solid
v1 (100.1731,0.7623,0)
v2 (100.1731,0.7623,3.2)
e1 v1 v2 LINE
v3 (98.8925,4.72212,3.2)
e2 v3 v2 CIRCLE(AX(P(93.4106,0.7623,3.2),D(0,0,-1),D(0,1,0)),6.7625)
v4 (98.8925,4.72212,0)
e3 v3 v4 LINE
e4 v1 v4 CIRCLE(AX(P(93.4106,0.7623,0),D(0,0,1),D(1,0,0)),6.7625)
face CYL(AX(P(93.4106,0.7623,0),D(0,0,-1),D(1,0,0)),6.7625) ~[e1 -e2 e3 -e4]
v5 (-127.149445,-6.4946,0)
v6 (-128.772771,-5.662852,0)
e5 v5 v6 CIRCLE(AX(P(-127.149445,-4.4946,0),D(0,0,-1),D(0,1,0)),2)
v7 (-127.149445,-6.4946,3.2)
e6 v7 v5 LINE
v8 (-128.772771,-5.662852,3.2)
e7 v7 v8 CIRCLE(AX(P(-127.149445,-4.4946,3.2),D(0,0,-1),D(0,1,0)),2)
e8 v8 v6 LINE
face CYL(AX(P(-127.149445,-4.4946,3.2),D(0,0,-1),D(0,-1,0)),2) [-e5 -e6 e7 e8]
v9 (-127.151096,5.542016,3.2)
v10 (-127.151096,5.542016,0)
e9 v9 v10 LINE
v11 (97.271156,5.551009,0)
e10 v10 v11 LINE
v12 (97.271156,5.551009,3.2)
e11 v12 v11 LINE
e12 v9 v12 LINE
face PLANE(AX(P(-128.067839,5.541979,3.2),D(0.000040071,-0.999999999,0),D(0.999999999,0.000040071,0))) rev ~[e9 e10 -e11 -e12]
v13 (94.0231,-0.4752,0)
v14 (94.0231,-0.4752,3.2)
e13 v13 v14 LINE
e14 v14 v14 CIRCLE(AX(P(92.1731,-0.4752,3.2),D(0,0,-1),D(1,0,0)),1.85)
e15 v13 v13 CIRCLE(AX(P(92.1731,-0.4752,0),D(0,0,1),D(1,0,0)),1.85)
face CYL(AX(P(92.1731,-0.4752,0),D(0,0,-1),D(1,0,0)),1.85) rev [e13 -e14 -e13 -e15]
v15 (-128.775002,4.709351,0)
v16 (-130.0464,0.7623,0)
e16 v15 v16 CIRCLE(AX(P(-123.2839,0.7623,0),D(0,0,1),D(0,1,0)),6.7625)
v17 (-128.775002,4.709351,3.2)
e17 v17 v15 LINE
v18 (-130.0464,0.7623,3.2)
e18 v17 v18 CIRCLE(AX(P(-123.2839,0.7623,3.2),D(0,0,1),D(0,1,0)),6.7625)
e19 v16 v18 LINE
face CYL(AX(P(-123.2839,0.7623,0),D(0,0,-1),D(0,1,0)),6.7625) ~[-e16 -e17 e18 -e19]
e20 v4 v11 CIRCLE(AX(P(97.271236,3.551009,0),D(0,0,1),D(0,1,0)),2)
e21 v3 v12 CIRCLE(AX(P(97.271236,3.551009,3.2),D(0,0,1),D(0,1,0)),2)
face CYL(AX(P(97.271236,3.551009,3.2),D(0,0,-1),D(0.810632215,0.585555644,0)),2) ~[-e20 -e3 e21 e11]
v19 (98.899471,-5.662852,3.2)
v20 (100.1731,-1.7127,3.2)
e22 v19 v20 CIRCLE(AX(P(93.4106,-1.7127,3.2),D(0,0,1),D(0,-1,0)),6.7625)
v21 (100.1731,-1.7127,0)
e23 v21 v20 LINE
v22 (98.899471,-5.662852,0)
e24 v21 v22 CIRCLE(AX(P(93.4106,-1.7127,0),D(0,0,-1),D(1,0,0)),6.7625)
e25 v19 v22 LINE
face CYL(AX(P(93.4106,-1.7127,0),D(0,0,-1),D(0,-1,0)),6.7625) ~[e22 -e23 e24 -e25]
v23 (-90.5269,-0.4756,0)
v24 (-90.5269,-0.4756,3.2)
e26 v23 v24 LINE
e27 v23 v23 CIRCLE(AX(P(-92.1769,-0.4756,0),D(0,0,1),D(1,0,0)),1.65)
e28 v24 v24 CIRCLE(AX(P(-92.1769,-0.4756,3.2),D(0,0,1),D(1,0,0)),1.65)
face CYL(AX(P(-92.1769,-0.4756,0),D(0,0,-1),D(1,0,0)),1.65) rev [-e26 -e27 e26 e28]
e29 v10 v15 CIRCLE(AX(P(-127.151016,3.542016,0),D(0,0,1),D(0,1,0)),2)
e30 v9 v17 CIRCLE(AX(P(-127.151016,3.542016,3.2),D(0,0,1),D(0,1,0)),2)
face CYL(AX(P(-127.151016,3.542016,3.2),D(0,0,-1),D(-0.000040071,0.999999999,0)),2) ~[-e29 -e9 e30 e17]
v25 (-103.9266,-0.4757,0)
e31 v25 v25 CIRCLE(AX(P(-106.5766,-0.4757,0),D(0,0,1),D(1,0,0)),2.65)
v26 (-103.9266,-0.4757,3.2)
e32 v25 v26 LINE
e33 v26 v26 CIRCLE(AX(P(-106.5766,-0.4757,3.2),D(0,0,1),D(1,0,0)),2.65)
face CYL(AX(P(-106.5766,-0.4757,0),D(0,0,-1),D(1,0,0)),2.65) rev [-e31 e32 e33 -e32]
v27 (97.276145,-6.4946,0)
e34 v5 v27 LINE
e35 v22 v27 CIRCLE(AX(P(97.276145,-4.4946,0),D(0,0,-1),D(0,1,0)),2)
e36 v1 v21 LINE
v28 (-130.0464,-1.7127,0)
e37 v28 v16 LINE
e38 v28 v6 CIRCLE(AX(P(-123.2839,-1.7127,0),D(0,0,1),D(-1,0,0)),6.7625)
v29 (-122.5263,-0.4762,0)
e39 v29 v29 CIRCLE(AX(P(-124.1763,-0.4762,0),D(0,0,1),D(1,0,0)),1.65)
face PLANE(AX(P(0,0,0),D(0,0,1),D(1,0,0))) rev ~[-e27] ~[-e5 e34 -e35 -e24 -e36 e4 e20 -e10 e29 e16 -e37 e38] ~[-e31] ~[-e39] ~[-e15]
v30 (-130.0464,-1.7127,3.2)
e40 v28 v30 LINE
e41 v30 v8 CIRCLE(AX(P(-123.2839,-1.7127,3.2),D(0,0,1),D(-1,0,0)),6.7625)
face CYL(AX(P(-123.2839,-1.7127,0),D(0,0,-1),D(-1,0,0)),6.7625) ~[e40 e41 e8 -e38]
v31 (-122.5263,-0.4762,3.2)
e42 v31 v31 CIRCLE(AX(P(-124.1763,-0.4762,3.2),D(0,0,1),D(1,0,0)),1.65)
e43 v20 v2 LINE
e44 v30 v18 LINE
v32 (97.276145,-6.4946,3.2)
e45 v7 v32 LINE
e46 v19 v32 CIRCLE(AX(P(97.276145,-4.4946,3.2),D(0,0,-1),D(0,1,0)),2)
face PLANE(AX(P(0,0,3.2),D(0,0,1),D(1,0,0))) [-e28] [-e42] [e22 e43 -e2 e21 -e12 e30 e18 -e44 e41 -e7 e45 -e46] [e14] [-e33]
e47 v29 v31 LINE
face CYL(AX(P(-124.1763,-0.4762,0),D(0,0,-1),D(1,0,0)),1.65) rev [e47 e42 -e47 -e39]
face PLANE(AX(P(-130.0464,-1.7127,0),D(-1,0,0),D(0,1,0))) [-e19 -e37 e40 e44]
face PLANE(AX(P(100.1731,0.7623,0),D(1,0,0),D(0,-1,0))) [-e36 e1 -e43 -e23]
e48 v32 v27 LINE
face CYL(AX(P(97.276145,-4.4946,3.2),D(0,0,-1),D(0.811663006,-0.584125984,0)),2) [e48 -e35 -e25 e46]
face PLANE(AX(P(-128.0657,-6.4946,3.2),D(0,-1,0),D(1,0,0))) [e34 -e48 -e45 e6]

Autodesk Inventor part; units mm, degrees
ref_plane "YZ Plane" through (0, 0, 0) normal (1, 0, 0) x (0, 1, 0)
ref_plane "XZ Plane" through (0, 0, 0) normal (0, 1, 0) x (-1, 0, 0)
ref_plane "XY Plane" through (0, 0, 0) normal (0, 0, 1) x (1, 0, 0)
sketch "Эскиз1" plane through (0, 0, 0) normal (0, 0, 1) x (1, 0, 0)
  arc A0 (130.1731, 0.7623) -> (123.4106, 7.5248) centre (123.4106, 0.7623) ccw
  line L0 (-123.2839, 7.5248) -> (123.4106, 7.5248)
  arc A1 (-123.2839, 7.5248) -> (-130.0464, 0.7623) centre (-123.2839, 0.7623) ccw
  line L1 (-130.0464, -1.7127) -> (-130.0464, 0.7623)
  arc A2 (-130.0464, -1.7127) -> (-123.2839, -8.4752) centre (-123.2839, -1.7127) ccw
  line L2 (123.4106, -8.4752) -> (-123.2839, -8.4752)
  arc A3 (123.4106, -8.4752) -> (130.1731, -1.7127) centre (123.4106, -1.7127) ccw
  line L3 (130.1731, 0.7623) -> (130.1731, -1.7127)
  circle A4 centre (122.1731, -0.4752) radius 1.85
  circle A5 centre (-124.1763, -0.4762) radius 1.65
  circle A6 centre (-106.5766, -0.4757) radius 2.65
  circle A7 centre (-92.1769, -0.4756) radius 1.65
  line L4 (-73.2645, 4.044) -> (-78.5234, -4.9714)
  arc A8 (-71.5369, 4.044) -> (-73.2645, 4.044) centre (-72.4007, 3.5401) ccw
  line L5 (-66.2779, -4.9714) -> (-71.5369, 4.044)
  arc A9 (-67.1417, -6.4752) -> (-66.2779, -4.9714) centre (-67.1417, -5.4752) ccw
  line L6 (-77.6596, -6.4752) -> (-67.1417, -6.4752)
  arc A10 (-78.5234, -4.9714) -> (-77.6596, -6.4752) centre (-77.6596, -5.4752) ccw
  line L7 (-57.8267, 5.5248) -> (-68.3446, 5.5248)
  arc A11 (-56.9629, 4.0209) -> (-57.8267, 5.5248) centre (-57.8267, 4.5248) ccw
  line L8 (-62.2219, -4.9945) -> (-56.9629, 4.0209)
  arc A12 (-63.9495, -4.9945) -> (-62.2219, -4.9945) centre (-63.0857, -4.4906) ccw
  line L9 (-69.2084, 4.0209) -> (-63.9495, -4.9945)
  arc A13 (-68.3446, 5.5248) -> (-69.2084, 4.0209) centre (-68.3446, 4.5248) ccw
  line L10 (-54.634, 4.044) -> (-59.893, -4.9714)
  arc A14 (-52.9065, 4.044) -> (-54.634, 4.044) centre (-53.7703, 3.5401) ccw
  line L11 (-47.6475, -4.9714) -> (-52.9065, 4.044)
  arc A15 (-48.5113, -6.4752) -> (-47.6475, -4.9714) centre (-48.5113, -5.4752) ccw
  line L12 (-59.0292, -6.4752) -> (-48.5113, -6.4752)
  arc A16 (-59.893, -4.9714) -> (-59.0292, -6.4752) centre (-59.0292, -5.4752) ccw
  line L13 (-39.1963, 5.5248) -> (-49.7142, 5.5248)
  arc A17 (-38.3325, 4.0209) -> (-39.1963, 5.5248) centre (-39.1963, 4.5248) ccw
  line L14 (-43.5915, -4.9945) -> (-38.3325, 4.0209)
  arc A18 (-45.319, -4.9945) -> (-43.5915, -4.9945) centre (-44.4553, -4.4906) ccw
  line L15 (-50.578, 4.0209) -> (-45.319, -4.9945)
  arc A19 (-49.7142, 5.5248) -> (-50.578, 4.0209) centre (-49.7142, 4.5248) ccw
  line L16 (-36.0036, 4.044) -> (-41.2626, -4.9714)
  arc A20 (-34.2761, 4.044) -> (-36.0036, 4.044) centre (-35.1399, 3.5401) ccw
  line L17 (-29.0171, -4.9714) -> (-34.2761, 4.044)
  arc A21 (-29.8809, -6.4752) -> (-29.0171, -4.9714) centre (-29.8809, -5.4752) ccw
  line L18 (-40.3988, -6.4752) -> (-29.8809, -6.4752)
  arc A22 (-41.2626, -4.9714) -> (-40.3988, -6.4752) centre (-40.3988, -5.4752) ccw
  line L19 (-20.5659, 5.5248) -> (-31.0838, 5.5248)
  arc A23 (-19.7021, 4.0209) -> (-20.5659, 5.5248) centre (-20.5659, 4.5248) ccw
  line L20 (-24.9611, -4.9945) -> (-19.7021, 4.0209)
  arc A24 (-26.6886, -4.9945) -> (-24.9611, -4.9945) centre (-25.8249, -4.4906) ccw
  line L21 (-31.9476, 4.0209) -> (-26.6886, -4.9945)
  arc A25 (-31.0838, 5.5248) -> (-31.9476, 4.0209) centre (-31.0838, 4.5248) ccw
  line L22 (-17.3732, 4.044) -> (-22.6322, -4.9714)
  arc A26 (-15.6457, 4.044) -> (-17.3732, 4.044) centre (-16.5095, 3.5401) ccw
  line L23 (-10.3867, -4.9714) -> (-15.6457, 4.044)
  arc A27 (-11.2505, -6.4752) -> (-10.3867, -4.9714) centre (-11.2505, -5.4752) ccw
  line L24 (-21.7684, -6.4752) -> (-11.2505, -6.4752)
  arc A28 (-22.6322, -4.9714) -> (-21.7684, -6.4752) centre (-21.7684, -5.4752) ccw
  line L25 (-1.9355, 5.5248) -> (-12.4534, 5.5248)
  arc A29 (-1.0717, 4.0209) -> (-1.9355, 5.5248) centre (-1.9355, 4.5248) ccw
  line L26 (-6.3307, -4.9945) -> (-1.0717, 4.0209)
  arc A30 (-8.0582, -4.9945) -> (-6.3307, -4.9945) centre (-7.1945, -4.4906) ccw
  line L27 (-13.3172, 4.0209) -> (-8.0582, -4.9945)
  arc A31 (-12.4534, 5.5248) -> (-13.3172, 4.0209) centre (-12.4534, 4.5248) ccw
  line L28 (113.0396, 4.044) -> (107.7807, -4.9714)
  arc A32 (114.7672, 4.044) -> (113.0396, 4.044) centre (113.9034, 3.5401) ccw
  line L29 (120.0261, -4.9714) -> (114.7672, 4.044)
  arc A33 (119.1624, -6.4752) -> (120.0261, -4.9714) centre (119.1624, -5.4752) ccw
  line L30 (108.6444, -6.4752) -> (119.1624, -6.4752)
  arc A34 (107.7807, -4.9714) -> (108.6444, -6.4752) centre (108.6444, -5.4752) ccw
  line L31 (1.2572, 4.044) -> (-4.0018, -4.9714)
  arc A35 (2.9847, 4.044) -> (1.2572, 4.044) centre (2.121, 3.5401) ccw
  line L32 (8.2437, -4.9714) -> (2.9847, 4.044)
  arc A36 (7.3799, -6.4752) -> (8.2437, -4.9714) centre (7.3799, -5.4752) ccw
  line L33 (-3.138, -6.4752) -> (7.3799, -6.4752)
  arc A37 (-4.0018, -4.9714) -> (-3.138, -6.4752) centre (-3.138, -5.4752) ccw
  line L34 (16.6949, 5.5248) -> (6.177, 5.5248)
  arc A38 (17.5587, 4.0209) -> (16.6949, 5.5248) centre (16.6949, 4.5248) ccw
  line L35 (12.2997, -4.9945) -> (17.5587, 4.0209)
  arc A39 (10.5722, -4.9945) -> (12.2997, -4.9945) centre (11.436, -4.4906) ccw
  line L36 (5.3132, 4.0209) -> (10.5722, -4.9945)
  arc A40 (6.177, 5.5248) -> (5.3132, 4.0209) centre (6.177, 4.5248) ccw
  line L37 (98.4652, 4.0209) -> (103.7242, -4.9945)
  arc A41 (99.329, 5.5248) -> (98.4652, 4.0209) centre (99.329, 4.5248) ccw
  line L38 (109.847, 5.5248) -> (99.329, 5.5248)
  arc A42 (110.7107, 4.0209) -> (109.847, 5.5248) centre (109.847, 4.5248) ccw
  line L39 (105.4518, -4.9945) -> (110.7107, 4.0209)
  arc A43 (103.7242, -4.9945) -> (105.4518, -4.9945) centre (104.588, -4.4906) ccw
  line L40 (94.4092, 4.044) -> (89.1502, -4.9714)
  arc A44 (96.1368, 4.044) -> (94.4092, 4.044) centre (95.273, 3.5401) ccw
  line L41 (101.3957, -4.9714) -> (96.1368, 4.044)
  arc A45 (100.532, -6.4752) -> (101.3957, -4.9714) centre (100.532, -5.4752) ccw
  line L42 (90.014, -6.4752) -> (100.532, -6.4752)
  arc A46 (89.1502, -4.9714) -> (90.014, -6.4752) centre (90.014, -5.4752) ccw
  line L43 (19.8876, 4.044) -> (14.6286, -4.9714)
  arc A47 (21.6151, 4.044) -> (19.8876, 4.044) centre (20.7514, 3.5401) ccw
  line L44 (26.8741, -4.9714) -> (21.6151, 4.044)
  arc A48 (26.0103, -6.4752) -> (26.8741, -4.9714) centre (26.0103, -5.4752) ccw
  line L45 (15.4924, -6.4752) -> (26.0103, -6.4752)
  arc A49 (14.6286, -4.9714) -> (15.4924, -6.4752) centre (15.4924, -5.4752) ccw
  line L46 (35.3253, 5.5248) -> (24.8074, 5.5248)
  arc A50 (36.1891, 4.0209) -> (35.3253, 5.5248) centre (35.3253, 4.5248) ccw
  line L47 (30.9301, -4.9945) -> (36.1891, 4.0209)
  arc A51 (29.2026, -4.9945) -> (30.9301, -4.9945) centre (30.0664, -4.4906) ccw
  line L48 (23.9436, 4.0209) -> (29.2026, -4.9945)
  arc A52 (24.8074, 5.5248) -> (23.9436, 4.0209) centre (24.8074, 4.5248) ccw
  line L49 (79.8348, 4.0209) -> (85.0938, -4.9945)
  arc A53 (80.6986, 5.5248) -> (79.8348, 4.0209) centre (80.6986, 4.5248) ccw
  line L50 (91.2165, 5.5248) -> (80.6986, 5.5248)
  arc A54 (92.0803, 4.0209) -> (91.2165, 5.5248) centre (91.2165, 4.5248) ccw
  line L51 (86.8214, -4.9945) -> (92.0803, 4.0209)
  arc A55 (85.0938, -4.9945) -> (86.8214, -4.9945) centre (85.9576, -4.4906) ccw
  line L52 (75.7788, 4.044) -> (70.5198, -4.9714)
  arc A56 (77.5064, 4.044) -> (75.7788, 4.044) centre (76.6426, 3.5401) ccw
  line L53 (82.7653, -4.9714) -> (77.5064, 4.044)
  arc A57 (81.9015, -6.4752) -> (82.7653, -4.9714) centre (81.9015, -5.4752) ccw
  line L54 (71.3836, -6.4752) -> (81.9015, -6.4752)
  arc A58 (70.5198, -4.9714) -> (71.3836, -6.4752) centre (71.3836, -5.4752) ccw
  line L55 (38.518, 4.044) -> (33.259, -4.9714)
  arc A59 (40.2455, 4.044) -> (38.518, 4.044) centre (39.3818, 3.5401) ccw
  line L56 (45.5045, -4.9714) -> (40.2455, 4.044)
  arc A60 (44.6407, -6.4752) -> (45.5045, -4.9714) centre (44.6407, -5.4752) ccw
  line L57 (34.1228, -6.4752) -> (44.6407, -6.4752)
  arc A61 (33.259, -4.9714) -> (34.1228, -6.4752) centre (34.1228, -5.4752) ccw
  line L58 (53.9557, 5.5248) -> (43.4378, 5.5248)
  arc A62 (54.8195, 4.0209) -> (53.9557, 5.5248) centre (53.9557, 4.5248) ccw
  line L59 (49.5605, -4.9945) -> (54.8195, 4.0209)
  arc A63 (47.833, -4.9945) -> (49.5605, -4.9945) centre (48.6968, -4.4906) ccw
  line L60 (42.574, 4.0209) -> (47.833, -4.9945)
  arc A64 (43.4378, 5.5248) -> (42.574, 4.0209) centre (43.4378, 4.5248) ccw
  line L61 (61.2044, 4.0209) -> (66.4634, -4.9945)
  arc A65 (62.0682, 5.5248) -> (61.2044, 4.0209) centre (62.0682, 4.5248) ccw
  line L62 (72.5861, 5.5248) -> (62.0682, 5.5248)
  arc A66 (73.4499, 4.0209) -> (72.5861, 5.5248) centre (72.5861, 4.5248) ccw
  line L63 (68.191, -4.9945) -> (73.4499, 4.0209)
  arc A67 (66.4634, -4.9945) -> (68.191, -4.9945) centre (67.3272, -4.4906) ccw
  line L64 (57.1484, 4.044) -> (51.8894, -4.9714)
  arc A68 (58.876, 4.044) -> (57.1484, 4.044) centre (58.0122, 3.5401) ccw
  line L65 (64.1349, -4.9714) -> (58.876, 4.044)
  arc A69 (63.2711, -6.4752) -> (64.1349, -4.9714) centre (63.2711, -5.4752) ccw
  line L66 (52.7532, -6.4752) -> (63.2711, -6.4752)
  arc A70 (51.8894, -4.9714) -> (52.7532, -6.4752) centre (52.7532, -5.4752) ccw
  line L67 (122.1731, -0.4752) -> (92.1731, -0.4752)
  circle A71 centre (92.1731, -0.4752) radius 1.85
  arc A72 (100.1731, 0.7623) -> (93.4106, 7.5248) centre (93.4106, 0.7623) ccw
  arc A73 (93.4106, -8.4752) -> (100.1731, -1.7127) centre (93.4106, -1.7127) ccw
  line L68 (100.1731, 0.7623) -> (100.1731, -1.7127)
  point P0 (0, 0)
  point P1 (6.1731, -0.4752)
  point P2 (93.4106, -8.4752)
  dimension "d0" = 30
extrude "Выдавливание1" add sketch "Эскиз1" along normal blind 3.2 contours A72 A41 L37 L68 L67 L41 A44 L40 A71 A46 L42 A73 L2 A2 L1 A1 L0 | A72 L37 A41 | L42 A46 L40 A71 L67 L41 A73 | L41 L67 L68 A73 | L67 A71 L40 A44 L41 | A8 L5 A9 L6 A10 L4 | A11 L8 A12 L9 A13 L7 | A14 L11 A15 L12 A16 L10 | A17 L14 A18 L15 A19 L13 | A20 L17 A21 L18 A22 L16 | A23 L20 A24 L21 A25 L19 | A26 L23 A27 L24 A28 L22 | A29 L26 A30 L27 A31 L25 | A35 L32 A36 L33 A37 L31 | A38 L35 A39 L36 A40 L34 | A47 L44 A48 L45 A49 L43 | A50 L47 A51 L48 A52 L46 | A53 L50 A54 L51 A55 L49 | A56 L53 A57 L54 A58 L52 | A59 L56 A60 L57 A61 L55 | A62 L59 A63 L60 A64 L58 | A65 L62 A66 L63 A67 L61 | A68 L65 A69 L66 A70 L64
sketch "Эскиз2" plane through (0, 0, 3.2) normal (0, 0, 1) x (1, 0, 0)
  line L0 (100.1731, -1.7127) -> (100.1731, 0.7623) projected
  arc A0 (100.1731, 0.7623) -> (93.4106, 7.5248) centre (93.4106, 0.7623) ccw projected
  line L1 (93.4106, 7.5248) -> (-123.2839, 7.5248) projected
  arc A1 (-123.2839, 7.5248) -> (-130.0464, 0.7623) centre (-123.2839, 0.7623) ccw projected
  line L2 (-130.0464, 0.7623) -> (-130.0464, -1.7127) projected
  arc A2 (-130.0464, -1.7127) -> (-123.2839, -8.4752) centre (-123.2839, -1.7127) ccw projected
  line L3 (-123.2839, -8.4752) -> (93.4106, -8.4752) projected
  arc A3 (93.4106, -8.4752) -> (100.1731, -1.7127) centre (93.4106, -1.7127) ccw projected
  circle A4 centre (92.1731, -0.4752) radius 1.85 projected
  circle A5 centre (-106.5766, -0.4757) radius 2.65 projected
  circle A6 centre (-92.1769, -0.4756) radius 1.65 projected
  circle A7 centre (-124.1763, -0.4762) radius 1.65 projected
  line L4 (-128.0657, -6.4946) -> (127, -6.4946)
  line L5 (-124.1763, -0.4762) -> (-92.1769, -0.4756)
  line L6 (-130.0464, 5.5419) -> (126.9998, 5.5522)
  point P0 (0, 0)
  point P1 (-128.0659, 5.542)
  point P2 (98.1924, -6.4946)
  point P3 (-128.0678, 5.542)
  point P4 (98.1854, 5.551)
extrude "Выдавливание2" cut sketch "Эскиз2" against normal blind 3.2 contours A3 L3 A2 L4 | L6 A1 L1 A0
fillet "Сопряжение1" radius 2 4 edges at (-128.0657, -6.4946, 1.6) (-128.0678, 5.542, 1.6) (98.1854, 5.551, 1.6) (98.1924, -6.4946, 1.6)
properties part number "ДЛЯ ПОДВЕСА"
